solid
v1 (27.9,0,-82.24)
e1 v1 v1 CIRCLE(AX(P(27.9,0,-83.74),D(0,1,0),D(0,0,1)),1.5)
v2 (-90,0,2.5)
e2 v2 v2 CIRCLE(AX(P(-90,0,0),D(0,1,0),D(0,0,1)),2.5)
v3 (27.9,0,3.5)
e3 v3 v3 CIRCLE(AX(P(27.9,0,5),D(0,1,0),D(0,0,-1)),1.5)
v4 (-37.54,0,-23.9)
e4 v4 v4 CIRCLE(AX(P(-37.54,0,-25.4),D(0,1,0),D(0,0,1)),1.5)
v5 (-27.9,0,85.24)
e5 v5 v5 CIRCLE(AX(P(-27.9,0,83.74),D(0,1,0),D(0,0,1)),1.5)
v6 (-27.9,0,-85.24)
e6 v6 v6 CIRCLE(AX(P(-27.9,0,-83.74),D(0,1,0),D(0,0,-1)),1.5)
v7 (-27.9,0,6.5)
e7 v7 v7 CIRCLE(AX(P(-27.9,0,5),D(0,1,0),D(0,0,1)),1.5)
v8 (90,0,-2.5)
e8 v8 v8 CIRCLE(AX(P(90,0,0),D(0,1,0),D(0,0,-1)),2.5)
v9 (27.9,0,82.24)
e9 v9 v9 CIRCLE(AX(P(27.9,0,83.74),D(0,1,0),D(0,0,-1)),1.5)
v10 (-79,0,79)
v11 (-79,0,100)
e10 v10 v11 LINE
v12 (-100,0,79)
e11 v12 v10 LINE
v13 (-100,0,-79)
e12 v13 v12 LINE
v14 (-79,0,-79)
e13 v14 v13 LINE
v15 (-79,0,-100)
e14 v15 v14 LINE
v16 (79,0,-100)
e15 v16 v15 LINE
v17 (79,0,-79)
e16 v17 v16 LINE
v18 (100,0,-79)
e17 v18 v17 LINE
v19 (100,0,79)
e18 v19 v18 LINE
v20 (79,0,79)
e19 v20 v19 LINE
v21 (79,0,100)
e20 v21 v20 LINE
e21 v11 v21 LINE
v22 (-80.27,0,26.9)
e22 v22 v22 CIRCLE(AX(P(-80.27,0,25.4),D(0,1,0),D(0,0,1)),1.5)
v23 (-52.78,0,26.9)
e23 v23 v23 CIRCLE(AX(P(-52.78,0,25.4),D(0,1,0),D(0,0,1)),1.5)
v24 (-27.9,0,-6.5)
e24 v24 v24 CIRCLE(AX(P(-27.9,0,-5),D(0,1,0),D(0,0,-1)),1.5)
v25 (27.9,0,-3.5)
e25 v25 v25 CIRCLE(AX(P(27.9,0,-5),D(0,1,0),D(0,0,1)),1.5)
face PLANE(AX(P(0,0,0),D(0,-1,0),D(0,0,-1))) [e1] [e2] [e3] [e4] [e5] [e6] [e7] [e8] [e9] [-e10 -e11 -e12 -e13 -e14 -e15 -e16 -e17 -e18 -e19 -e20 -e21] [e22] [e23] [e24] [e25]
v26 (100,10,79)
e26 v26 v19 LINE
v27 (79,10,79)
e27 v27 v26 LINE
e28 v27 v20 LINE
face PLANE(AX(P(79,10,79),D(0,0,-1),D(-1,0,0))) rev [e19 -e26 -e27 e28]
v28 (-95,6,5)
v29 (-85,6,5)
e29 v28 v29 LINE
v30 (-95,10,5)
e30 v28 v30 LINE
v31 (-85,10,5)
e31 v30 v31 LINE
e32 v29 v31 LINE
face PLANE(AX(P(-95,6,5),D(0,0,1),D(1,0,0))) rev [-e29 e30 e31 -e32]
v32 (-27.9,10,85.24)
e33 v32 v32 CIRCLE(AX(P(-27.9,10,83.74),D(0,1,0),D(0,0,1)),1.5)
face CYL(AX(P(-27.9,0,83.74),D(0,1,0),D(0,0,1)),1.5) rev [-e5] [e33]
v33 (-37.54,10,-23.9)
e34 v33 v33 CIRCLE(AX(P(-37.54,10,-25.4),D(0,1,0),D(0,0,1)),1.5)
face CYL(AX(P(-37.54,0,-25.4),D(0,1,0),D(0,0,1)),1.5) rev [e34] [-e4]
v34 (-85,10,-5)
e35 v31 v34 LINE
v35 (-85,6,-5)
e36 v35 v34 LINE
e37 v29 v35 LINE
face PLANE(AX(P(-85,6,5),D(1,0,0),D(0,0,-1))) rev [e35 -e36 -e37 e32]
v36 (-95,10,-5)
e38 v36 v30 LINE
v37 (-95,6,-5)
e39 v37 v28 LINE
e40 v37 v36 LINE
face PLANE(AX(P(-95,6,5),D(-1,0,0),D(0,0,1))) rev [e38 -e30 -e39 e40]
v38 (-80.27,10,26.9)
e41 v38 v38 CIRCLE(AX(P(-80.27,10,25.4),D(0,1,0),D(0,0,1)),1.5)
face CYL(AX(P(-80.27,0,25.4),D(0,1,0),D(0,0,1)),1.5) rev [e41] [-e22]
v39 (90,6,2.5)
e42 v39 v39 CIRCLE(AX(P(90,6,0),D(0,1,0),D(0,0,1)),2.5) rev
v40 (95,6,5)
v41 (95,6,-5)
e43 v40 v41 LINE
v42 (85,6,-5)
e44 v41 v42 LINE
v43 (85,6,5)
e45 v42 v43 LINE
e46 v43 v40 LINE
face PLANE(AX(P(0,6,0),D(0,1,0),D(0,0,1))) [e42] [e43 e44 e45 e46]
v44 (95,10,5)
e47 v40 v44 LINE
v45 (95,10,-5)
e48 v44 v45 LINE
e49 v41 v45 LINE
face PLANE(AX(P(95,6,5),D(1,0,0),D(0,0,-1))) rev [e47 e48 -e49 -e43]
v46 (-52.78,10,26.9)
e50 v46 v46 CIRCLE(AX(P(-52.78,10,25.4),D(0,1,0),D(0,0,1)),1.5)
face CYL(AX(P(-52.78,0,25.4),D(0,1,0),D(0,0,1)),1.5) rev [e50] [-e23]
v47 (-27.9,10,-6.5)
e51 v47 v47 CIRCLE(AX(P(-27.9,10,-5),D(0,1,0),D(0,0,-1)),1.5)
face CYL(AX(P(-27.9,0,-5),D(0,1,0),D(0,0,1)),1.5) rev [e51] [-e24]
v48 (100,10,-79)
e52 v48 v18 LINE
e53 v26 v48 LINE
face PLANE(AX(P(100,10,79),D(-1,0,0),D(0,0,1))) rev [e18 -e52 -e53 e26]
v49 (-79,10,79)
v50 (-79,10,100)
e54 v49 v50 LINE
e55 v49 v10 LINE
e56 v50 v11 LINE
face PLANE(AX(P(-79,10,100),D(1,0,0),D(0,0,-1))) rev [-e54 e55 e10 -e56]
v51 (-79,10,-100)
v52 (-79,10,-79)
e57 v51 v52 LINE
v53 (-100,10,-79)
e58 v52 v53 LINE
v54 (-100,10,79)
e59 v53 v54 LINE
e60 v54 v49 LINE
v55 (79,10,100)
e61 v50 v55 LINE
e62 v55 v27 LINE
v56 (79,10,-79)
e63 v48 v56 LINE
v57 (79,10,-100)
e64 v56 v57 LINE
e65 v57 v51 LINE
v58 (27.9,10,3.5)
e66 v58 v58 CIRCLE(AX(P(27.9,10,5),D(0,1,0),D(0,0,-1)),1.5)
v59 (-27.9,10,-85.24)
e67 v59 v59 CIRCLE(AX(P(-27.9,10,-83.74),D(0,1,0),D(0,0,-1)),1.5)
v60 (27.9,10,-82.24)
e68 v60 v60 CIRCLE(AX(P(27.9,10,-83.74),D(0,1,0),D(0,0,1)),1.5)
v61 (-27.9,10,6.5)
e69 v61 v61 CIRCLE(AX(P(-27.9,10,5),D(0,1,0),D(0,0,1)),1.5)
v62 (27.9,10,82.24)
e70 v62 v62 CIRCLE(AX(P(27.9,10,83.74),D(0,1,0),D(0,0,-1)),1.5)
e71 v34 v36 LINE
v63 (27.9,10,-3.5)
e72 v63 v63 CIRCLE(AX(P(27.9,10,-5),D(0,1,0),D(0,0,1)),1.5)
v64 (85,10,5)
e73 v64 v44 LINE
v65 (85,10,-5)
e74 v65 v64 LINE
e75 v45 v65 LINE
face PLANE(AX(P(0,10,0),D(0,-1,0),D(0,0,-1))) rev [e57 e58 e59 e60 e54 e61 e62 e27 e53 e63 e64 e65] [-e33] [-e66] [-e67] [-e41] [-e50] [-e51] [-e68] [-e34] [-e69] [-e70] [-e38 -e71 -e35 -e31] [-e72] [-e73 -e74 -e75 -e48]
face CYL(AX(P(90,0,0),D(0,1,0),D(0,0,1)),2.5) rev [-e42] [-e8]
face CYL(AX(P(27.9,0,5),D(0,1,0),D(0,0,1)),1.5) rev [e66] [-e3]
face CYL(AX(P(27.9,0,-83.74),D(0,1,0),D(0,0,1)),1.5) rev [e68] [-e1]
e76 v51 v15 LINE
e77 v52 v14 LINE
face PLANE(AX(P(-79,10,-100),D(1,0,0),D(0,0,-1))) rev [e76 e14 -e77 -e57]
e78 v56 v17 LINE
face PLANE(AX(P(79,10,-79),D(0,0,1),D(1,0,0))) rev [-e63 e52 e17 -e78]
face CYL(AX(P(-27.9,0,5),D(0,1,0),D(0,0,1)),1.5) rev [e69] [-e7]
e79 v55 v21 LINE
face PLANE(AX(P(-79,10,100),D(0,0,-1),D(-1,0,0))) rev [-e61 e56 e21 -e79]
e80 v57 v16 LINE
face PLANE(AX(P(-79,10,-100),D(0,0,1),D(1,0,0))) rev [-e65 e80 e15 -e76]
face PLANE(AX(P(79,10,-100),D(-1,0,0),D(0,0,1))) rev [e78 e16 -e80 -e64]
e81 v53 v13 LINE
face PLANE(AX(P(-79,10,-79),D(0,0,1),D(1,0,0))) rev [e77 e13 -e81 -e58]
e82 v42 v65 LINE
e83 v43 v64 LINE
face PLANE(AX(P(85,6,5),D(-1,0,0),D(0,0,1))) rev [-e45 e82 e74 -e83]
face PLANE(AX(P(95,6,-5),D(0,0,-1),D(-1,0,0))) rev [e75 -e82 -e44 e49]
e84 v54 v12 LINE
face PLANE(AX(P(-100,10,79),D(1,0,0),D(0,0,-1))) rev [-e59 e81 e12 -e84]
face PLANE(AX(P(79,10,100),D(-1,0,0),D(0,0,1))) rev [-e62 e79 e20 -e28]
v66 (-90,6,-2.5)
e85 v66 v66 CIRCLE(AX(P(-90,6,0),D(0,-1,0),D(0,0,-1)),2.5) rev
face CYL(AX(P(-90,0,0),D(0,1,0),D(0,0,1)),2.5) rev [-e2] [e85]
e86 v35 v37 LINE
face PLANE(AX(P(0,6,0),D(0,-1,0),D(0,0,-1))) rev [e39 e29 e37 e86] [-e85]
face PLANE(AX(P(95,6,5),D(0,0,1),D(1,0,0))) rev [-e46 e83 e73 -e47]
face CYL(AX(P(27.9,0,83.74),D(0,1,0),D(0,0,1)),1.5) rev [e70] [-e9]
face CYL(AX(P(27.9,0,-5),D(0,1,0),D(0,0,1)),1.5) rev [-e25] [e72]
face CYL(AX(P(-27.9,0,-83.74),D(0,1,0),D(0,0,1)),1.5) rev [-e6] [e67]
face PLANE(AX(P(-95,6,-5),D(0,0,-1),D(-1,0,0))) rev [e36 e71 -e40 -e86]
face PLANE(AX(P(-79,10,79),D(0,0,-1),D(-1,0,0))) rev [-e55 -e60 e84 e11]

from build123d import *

# Parameters (mm, degrees)
BOSS_EXTRUDE1_DEPTH = 10
SKETCH2_R           = 2.5
CUT_EXTRUDE1_DEPTH  = 10
SKETCH3_R           = 1.5
CUT_EXTRUDE2_DEPTH  = 10
SKETCH6_R           = 1.5
CUT_EXTRUDE3_DEPTH  = 10
SKETCH7_W           = 10
SKETCH7_H           = 10
CUT_EXTRUDE4_DEPTH  = 4


with BuildPart() as part:
    # Sketch1 → Boss-Extrude1 (new body)
    with BuildSketch(Plane(origin=(0, 0, 0), x_dir=(1, 0, 0), z_dir=(0, 1, 0))):
        Polygon((-79, 100), (-79, 79), (-100, 79), (-100, -79), (-79, -79), (-79, -100), (79, -100), (79, -79), (100, -79), (100, 79), (79, 79), (79, 100), align=None)
    extrude(amount=BOSS_EXTRUDE1_DEPTH)

    # Sketch2 → Cut-Extrude1 (cut)
    with BuildSketch(Plane(origin=(0, 10, 0), x_dir=(1, 0, 0), z_dir=(0, 1, 0))):
        with Locations(Location((-90, 0, 0), (0, 0, 270))):
            Circle(SKETCH2_R)
        with Locations(Location((90, 0, 0), (0, 0, 90))):
            Circle(SKETCH2_R)
    extrude(amount=-CUT_EXTRUDE1_DEPTH, mode=Mode.SUBTRACT)

    # Sketch3 → Cut-Extrude2 (cut)
    with BuildSketch(Plane(origin=(0, 10, 0), x_dir=(1, 0, 0), z_dir=(0, 1, 0))):
        with Locations(Location((27.9, 83.74, 0), (0, 0, 270))):
            Circle(SKETCH3_R)
        with Locations(Location((27.9, 5, 0), (0, 0, 270))):
            Circle(SKETCH3_R)
        with Locations(Location((-27.9, 5, 0), (0, 0, 90))):
            Circle(SKETCH3_R)
        with Locations(Location((-27.9, 83.74, 0), (0, 0, 90))):
            Circle(SKETCH3_R)
        with Locations(Location((-27.9, -5, 0), (0, 0, 270))):
            Circle(SKETCH3_R)
        with Locations(Location((27.9, -5, 0), (0, 0, 90))):
            Circle(SKETCH3_R)
        with Locations(Location((27.9, -83.74, 0), (0, 0, 90))):
            Circle(SKETCH3_R)
        with Locations(Location((-27.9, -83.74, 0), (0, 0, 270))):
            Circle(SKETCH3_R)
    extrude(amount=-CUT_EXTRUDE2_DEPTH, mode=Mode.SUBTRACT)

    # Sketch6 → Cut-Extrude3 (cut)
    with BuildSketch(Plane(origin=(0, 10, 0), x_dir=(1, 0, 0), z_dir=(0, 1, 0))):
        with Locations(Location((-37.54, 25.4, 0), (0, 0, 270))):
            Circle(SKETCH6_R)
        with Locations(Location((-52.78, -25.4, 0), (0, 0, 270))):
            Circle(SKETCH6_R)
        with Locations(Location((-80.27, -25.4, 0), (0, 0, 270))):
            Circle(SKETCH6_R)
    extrude(amount=-CUT_EXTRUDE3_DEPTH, mode=Mode.SUBTRACT)

    # Sketch7 → Cut-Extrude4 (cut)
    with BuildSketch(Plane(origin=(0, 10, 0), x_dir=(1, 0, 0), z_dir=(0, 1, 0))):
        with Locations((-90, 0)):
            Rectangle(SKETCH7_W, SKETCH7_H)
        with Locations((90, 0)):
            Rectangle(SKETCH7_W, SKETCH7_H)
    extrude(amount=-CUT_EXTRUDE4_DEPTH, mode=Mode.SUBTRACT)


solid = part.part
